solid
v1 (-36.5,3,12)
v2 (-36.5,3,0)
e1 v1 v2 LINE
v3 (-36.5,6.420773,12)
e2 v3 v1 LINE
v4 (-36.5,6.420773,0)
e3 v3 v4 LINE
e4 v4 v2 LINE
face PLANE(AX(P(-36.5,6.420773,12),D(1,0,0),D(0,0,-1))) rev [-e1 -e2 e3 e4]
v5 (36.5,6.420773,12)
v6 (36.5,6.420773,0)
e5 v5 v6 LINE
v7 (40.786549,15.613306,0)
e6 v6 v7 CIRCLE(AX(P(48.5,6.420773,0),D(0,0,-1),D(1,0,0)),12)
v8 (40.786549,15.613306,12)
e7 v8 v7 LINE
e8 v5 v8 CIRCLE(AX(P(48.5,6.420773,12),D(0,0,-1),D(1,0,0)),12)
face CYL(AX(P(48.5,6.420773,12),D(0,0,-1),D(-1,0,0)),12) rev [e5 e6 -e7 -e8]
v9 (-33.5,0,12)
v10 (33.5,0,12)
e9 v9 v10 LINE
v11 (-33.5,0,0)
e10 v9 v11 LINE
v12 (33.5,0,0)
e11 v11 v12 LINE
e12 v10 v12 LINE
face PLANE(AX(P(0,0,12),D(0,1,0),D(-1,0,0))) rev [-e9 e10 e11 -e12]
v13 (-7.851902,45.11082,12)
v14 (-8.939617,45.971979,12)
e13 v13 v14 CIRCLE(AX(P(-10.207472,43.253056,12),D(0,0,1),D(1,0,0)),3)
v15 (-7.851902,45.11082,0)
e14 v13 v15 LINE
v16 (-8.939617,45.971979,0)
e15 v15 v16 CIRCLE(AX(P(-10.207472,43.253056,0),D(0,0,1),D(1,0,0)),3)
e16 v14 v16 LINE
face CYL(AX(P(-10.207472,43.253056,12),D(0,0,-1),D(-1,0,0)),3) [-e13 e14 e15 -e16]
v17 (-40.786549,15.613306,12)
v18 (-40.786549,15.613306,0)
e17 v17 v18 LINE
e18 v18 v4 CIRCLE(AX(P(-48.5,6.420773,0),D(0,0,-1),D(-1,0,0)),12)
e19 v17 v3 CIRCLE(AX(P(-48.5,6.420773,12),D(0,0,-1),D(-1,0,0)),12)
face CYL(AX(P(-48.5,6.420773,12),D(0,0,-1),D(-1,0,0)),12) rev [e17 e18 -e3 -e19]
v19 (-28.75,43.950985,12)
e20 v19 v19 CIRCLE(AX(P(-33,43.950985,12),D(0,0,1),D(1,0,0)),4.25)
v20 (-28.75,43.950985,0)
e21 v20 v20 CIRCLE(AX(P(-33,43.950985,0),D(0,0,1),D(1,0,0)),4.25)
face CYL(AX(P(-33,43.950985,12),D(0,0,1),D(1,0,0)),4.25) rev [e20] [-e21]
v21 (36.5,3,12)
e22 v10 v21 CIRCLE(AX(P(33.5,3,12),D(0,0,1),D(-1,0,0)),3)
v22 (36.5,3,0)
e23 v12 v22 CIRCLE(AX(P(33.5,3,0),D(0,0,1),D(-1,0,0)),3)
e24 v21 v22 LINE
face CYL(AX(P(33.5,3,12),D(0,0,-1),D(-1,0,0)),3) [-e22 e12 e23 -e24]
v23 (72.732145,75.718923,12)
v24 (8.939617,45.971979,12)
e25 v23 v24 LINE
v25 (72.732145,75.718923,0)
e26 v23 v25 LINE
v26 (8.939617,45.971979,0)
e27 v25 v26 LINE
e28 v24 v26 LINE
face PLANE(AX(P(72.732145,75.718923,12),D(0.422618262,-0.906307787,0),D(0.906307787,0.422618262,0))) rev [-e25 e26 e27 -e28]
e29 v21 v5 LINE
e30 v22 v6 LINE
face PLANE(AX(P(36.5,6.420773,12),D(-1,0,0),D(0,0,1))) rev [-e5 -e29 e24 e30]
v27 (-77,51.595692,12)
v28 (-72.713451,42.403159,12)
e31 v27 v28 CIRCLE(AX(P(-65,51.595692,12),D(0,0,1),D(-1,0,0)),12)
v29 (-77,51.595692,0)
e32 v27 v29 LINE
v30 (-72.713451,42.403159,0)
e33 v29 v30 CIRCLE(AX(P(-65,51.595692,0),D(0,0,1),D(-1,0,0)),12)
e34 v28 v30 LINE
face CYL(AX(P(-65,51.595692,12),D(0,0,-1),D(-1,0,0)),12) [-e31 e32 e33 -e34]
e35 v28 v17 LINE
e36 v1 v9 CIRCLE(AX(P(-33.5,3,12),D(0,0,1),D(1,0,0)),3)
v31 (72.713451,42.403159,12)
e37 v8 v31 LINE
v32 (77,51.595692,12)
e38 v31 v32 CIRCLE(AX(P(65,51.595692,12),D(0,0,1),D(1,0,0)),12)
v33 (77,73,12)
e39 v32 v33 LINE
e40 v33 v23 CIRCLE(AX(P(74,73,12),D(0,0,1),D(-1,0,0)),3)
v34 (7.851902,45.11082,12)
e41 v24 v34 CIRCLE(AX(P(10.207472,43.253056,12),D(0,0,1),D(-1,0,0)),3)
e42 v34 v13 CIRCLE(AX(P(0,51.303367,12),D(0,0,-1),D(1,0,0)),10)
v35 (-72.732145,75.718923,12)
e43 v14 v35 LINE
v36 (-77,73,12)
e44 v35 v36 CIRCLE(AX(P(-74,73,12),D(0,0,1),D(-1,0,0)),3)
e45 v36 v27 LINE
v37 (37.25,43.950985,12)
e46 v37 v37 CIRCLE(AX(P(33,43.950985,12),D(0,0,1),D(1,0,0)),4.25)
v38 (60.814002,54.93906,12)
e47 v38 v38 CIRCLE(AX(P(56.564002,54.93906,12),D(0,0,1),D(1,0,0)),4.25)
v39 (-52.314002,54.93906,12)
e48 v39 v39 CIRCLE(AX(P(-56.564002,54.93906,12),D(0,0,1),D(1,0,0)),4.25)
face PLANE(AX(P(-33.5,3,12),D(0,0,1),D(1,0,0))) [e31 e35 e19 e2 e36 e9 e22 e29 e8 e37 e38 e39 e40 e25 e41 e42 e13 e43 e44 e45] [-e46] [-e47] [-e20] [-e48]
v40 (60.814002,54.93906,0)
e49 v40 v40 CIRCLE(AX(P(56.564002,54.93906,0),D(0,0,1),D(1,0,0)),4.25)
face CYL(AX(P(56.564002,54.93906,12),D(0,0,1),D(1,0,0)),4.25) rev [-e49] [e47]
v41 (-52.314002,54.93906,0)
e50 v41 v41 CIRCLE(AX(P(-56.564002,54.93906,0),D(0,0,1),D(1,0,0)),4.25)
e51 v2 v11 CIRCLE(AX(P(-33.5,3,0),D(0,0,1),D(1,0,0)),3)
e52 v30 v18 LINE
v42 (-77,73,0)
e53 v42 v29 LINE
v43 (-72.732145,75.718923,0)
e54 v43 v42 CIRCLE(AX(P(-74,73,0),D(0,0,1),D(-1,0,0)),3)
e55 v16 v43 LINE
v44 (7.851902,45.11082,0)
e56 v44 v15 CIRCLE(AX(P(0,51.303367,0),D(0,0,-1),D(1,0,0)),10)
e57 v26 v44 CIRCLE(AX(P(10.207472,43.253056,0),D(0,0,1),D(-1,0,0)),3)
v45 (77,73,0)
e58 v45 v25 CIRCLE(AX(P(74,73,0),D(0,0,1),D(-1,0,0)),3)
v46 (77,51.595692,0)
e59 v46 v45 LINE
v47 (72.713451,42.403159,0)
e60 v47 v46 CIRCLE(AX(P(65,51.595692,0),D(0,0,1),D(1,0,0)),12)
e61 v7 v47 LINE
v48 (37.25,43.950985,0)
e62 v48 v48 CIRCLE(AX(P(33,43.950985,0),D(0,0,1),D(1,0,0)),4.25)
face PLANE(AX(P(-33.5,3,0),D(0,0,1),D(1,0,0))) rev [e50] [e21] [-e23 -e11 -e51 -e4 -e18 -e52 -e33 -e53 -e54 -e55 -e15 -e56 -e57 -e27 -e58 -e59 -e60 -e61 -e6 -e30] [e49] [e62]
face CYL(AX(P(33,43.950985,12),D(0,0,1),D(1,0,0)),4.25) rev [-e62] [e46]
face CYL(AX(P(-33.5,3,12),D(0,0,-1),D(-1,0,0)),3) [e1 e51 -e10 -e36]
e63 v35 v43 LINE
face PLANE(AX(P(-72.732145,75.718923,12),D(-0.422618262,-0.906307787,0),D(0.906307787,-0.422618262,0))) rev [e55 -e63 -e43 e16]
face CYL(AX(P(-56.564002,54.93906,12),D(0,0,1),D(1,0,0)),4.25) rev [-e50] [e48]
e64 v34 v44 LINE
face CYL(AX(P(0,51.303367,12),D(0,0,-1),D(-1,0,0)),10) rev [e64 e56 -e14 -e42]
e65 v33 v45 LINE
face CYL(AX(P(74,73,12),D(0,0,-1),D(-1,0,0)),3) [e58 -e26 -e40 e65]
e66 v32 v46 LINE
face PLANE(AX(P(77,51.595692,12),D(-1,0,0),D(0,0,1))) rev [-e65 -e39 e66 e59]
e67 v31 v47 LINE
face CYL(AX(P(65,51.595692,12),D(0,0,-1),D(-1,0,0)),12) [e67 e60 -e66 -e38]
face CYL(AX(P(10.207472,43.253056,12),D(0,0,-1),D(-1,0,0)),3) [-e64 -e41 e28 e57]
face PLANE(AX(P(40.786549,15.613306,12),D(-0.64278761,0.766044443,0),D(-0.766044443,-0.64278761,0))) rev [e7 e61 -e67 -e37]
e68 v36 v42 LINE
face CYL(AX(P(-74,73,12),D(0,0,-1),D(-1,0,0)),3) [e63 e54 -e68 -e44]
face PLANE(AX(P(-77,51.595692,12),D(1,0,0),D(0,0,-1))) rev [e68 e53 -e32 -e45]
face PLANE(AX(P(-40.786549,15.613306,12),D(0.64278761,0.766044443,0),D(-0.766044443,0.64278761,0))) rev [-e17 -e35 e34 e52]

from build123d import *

# Parameters (mm, degrees)
EXTRUDE1_DEPTH         = 12
M10_GEVINDHULLER_D     = 8.5
M10_GEVINDHULLER_DEPTH = 22
M10_GEVINDHULLER_TIP   = 2.553657631


with BuildPart() as part:
    # Sketch1 → Extrude1 (new body)
    with BuildSketch(Plane.XY):
        with BuildLine():
            Line((36.5, 6.420773039), (36.5, 3))
            ThreePointArc((36.5, 3), (35.621320344, 0.878679656), (33.5, 0))
            Line((33.5, 0), (0, 0))
            Line((0, 0), (-33.5, 0))
            ThreePointArc((-33.5, 0), (-35.621320344, 0.878679656), (-36.5, 3))
            Line((-36.5, 3), (-36.5, 6.420773039))
            ThreePointArc((-36.5, 6.420773039), (-37.624306556, 11.49219218), (-40.786548684, 15.613306357))
            Line((-40.786548684, 15.613306357), (-72.713451316, 42.40315858))
            ThreePointArc((-72.713451316, 42.40315858), (-75.875693444, 46.524272757), (-77, 51.595691898))
            Line((-77, 51.595691898), (-77, 73))
            ThreePointArc((-77, 73), (-75.611898825, 75.530174337), (-72.732145215, 75.718923361))
            Line((-72.732145215, 75.718923361), (-8.939617358, 45.971979088))
            ThreePointArc((-8.939617358, 45.971979088), (-8.345295598, 45.605139594), (-7.851901649, 45.110819879))
            ThreePointArc((-7.851901649, 45.110819879), (0, 41.303367053), (7.851901649, 45.110819879))
            ThreePointArc((7.851901649, 45.110819879), (8.345295598, 45.605139594), (8.939617358, 45.971979088))
            Line((8.939617358, 45.971979088), (72.732145215, 75.718923361))
            ThreePointArc((72.732145215, 75.718923361), (75.611898825, 75.530174337), (77, 73))
            Line((77, 73), (77, 51.595691898))
            ThreePointArc((77, 51.595691898), (75.875693444, 46.524272757), (72.713451316, 42.40315858))
            Line((72.713451316, 42.40315858), (40.786548684, 15.613306357))
            ThreePointArc((40.786548684, 15.613306357), (37.624306556, 11.49219218), (36.5, 6.420773039))
        make_face()
    extrude(amount=EXTRUDE1_DEPTH)

    # M10 gevindhuller
    with Locations(Plane.XY.offset(12)):
        with Locations((-33, 43.950984745), (-56.564002463, 54.93905955), (56.564002463, 54.93905955), (33, 43.950984745)):
            Hole(M10_GEVINDHULLER_D / 2, depth=M10_GEVINDHULLER_DEPTH)
            with Locations((0, 0, -(M10_GEVINDHULLER_DEPTH + M10_GEVINDHULLER_TIP / 2))):  # 118° drill point
                Cone(0, M10_GEVINDHULLER_D / 2, M10_GEVINDHULLER_TIP, mode=Mode.SUBTRACT)


solid = part.part
